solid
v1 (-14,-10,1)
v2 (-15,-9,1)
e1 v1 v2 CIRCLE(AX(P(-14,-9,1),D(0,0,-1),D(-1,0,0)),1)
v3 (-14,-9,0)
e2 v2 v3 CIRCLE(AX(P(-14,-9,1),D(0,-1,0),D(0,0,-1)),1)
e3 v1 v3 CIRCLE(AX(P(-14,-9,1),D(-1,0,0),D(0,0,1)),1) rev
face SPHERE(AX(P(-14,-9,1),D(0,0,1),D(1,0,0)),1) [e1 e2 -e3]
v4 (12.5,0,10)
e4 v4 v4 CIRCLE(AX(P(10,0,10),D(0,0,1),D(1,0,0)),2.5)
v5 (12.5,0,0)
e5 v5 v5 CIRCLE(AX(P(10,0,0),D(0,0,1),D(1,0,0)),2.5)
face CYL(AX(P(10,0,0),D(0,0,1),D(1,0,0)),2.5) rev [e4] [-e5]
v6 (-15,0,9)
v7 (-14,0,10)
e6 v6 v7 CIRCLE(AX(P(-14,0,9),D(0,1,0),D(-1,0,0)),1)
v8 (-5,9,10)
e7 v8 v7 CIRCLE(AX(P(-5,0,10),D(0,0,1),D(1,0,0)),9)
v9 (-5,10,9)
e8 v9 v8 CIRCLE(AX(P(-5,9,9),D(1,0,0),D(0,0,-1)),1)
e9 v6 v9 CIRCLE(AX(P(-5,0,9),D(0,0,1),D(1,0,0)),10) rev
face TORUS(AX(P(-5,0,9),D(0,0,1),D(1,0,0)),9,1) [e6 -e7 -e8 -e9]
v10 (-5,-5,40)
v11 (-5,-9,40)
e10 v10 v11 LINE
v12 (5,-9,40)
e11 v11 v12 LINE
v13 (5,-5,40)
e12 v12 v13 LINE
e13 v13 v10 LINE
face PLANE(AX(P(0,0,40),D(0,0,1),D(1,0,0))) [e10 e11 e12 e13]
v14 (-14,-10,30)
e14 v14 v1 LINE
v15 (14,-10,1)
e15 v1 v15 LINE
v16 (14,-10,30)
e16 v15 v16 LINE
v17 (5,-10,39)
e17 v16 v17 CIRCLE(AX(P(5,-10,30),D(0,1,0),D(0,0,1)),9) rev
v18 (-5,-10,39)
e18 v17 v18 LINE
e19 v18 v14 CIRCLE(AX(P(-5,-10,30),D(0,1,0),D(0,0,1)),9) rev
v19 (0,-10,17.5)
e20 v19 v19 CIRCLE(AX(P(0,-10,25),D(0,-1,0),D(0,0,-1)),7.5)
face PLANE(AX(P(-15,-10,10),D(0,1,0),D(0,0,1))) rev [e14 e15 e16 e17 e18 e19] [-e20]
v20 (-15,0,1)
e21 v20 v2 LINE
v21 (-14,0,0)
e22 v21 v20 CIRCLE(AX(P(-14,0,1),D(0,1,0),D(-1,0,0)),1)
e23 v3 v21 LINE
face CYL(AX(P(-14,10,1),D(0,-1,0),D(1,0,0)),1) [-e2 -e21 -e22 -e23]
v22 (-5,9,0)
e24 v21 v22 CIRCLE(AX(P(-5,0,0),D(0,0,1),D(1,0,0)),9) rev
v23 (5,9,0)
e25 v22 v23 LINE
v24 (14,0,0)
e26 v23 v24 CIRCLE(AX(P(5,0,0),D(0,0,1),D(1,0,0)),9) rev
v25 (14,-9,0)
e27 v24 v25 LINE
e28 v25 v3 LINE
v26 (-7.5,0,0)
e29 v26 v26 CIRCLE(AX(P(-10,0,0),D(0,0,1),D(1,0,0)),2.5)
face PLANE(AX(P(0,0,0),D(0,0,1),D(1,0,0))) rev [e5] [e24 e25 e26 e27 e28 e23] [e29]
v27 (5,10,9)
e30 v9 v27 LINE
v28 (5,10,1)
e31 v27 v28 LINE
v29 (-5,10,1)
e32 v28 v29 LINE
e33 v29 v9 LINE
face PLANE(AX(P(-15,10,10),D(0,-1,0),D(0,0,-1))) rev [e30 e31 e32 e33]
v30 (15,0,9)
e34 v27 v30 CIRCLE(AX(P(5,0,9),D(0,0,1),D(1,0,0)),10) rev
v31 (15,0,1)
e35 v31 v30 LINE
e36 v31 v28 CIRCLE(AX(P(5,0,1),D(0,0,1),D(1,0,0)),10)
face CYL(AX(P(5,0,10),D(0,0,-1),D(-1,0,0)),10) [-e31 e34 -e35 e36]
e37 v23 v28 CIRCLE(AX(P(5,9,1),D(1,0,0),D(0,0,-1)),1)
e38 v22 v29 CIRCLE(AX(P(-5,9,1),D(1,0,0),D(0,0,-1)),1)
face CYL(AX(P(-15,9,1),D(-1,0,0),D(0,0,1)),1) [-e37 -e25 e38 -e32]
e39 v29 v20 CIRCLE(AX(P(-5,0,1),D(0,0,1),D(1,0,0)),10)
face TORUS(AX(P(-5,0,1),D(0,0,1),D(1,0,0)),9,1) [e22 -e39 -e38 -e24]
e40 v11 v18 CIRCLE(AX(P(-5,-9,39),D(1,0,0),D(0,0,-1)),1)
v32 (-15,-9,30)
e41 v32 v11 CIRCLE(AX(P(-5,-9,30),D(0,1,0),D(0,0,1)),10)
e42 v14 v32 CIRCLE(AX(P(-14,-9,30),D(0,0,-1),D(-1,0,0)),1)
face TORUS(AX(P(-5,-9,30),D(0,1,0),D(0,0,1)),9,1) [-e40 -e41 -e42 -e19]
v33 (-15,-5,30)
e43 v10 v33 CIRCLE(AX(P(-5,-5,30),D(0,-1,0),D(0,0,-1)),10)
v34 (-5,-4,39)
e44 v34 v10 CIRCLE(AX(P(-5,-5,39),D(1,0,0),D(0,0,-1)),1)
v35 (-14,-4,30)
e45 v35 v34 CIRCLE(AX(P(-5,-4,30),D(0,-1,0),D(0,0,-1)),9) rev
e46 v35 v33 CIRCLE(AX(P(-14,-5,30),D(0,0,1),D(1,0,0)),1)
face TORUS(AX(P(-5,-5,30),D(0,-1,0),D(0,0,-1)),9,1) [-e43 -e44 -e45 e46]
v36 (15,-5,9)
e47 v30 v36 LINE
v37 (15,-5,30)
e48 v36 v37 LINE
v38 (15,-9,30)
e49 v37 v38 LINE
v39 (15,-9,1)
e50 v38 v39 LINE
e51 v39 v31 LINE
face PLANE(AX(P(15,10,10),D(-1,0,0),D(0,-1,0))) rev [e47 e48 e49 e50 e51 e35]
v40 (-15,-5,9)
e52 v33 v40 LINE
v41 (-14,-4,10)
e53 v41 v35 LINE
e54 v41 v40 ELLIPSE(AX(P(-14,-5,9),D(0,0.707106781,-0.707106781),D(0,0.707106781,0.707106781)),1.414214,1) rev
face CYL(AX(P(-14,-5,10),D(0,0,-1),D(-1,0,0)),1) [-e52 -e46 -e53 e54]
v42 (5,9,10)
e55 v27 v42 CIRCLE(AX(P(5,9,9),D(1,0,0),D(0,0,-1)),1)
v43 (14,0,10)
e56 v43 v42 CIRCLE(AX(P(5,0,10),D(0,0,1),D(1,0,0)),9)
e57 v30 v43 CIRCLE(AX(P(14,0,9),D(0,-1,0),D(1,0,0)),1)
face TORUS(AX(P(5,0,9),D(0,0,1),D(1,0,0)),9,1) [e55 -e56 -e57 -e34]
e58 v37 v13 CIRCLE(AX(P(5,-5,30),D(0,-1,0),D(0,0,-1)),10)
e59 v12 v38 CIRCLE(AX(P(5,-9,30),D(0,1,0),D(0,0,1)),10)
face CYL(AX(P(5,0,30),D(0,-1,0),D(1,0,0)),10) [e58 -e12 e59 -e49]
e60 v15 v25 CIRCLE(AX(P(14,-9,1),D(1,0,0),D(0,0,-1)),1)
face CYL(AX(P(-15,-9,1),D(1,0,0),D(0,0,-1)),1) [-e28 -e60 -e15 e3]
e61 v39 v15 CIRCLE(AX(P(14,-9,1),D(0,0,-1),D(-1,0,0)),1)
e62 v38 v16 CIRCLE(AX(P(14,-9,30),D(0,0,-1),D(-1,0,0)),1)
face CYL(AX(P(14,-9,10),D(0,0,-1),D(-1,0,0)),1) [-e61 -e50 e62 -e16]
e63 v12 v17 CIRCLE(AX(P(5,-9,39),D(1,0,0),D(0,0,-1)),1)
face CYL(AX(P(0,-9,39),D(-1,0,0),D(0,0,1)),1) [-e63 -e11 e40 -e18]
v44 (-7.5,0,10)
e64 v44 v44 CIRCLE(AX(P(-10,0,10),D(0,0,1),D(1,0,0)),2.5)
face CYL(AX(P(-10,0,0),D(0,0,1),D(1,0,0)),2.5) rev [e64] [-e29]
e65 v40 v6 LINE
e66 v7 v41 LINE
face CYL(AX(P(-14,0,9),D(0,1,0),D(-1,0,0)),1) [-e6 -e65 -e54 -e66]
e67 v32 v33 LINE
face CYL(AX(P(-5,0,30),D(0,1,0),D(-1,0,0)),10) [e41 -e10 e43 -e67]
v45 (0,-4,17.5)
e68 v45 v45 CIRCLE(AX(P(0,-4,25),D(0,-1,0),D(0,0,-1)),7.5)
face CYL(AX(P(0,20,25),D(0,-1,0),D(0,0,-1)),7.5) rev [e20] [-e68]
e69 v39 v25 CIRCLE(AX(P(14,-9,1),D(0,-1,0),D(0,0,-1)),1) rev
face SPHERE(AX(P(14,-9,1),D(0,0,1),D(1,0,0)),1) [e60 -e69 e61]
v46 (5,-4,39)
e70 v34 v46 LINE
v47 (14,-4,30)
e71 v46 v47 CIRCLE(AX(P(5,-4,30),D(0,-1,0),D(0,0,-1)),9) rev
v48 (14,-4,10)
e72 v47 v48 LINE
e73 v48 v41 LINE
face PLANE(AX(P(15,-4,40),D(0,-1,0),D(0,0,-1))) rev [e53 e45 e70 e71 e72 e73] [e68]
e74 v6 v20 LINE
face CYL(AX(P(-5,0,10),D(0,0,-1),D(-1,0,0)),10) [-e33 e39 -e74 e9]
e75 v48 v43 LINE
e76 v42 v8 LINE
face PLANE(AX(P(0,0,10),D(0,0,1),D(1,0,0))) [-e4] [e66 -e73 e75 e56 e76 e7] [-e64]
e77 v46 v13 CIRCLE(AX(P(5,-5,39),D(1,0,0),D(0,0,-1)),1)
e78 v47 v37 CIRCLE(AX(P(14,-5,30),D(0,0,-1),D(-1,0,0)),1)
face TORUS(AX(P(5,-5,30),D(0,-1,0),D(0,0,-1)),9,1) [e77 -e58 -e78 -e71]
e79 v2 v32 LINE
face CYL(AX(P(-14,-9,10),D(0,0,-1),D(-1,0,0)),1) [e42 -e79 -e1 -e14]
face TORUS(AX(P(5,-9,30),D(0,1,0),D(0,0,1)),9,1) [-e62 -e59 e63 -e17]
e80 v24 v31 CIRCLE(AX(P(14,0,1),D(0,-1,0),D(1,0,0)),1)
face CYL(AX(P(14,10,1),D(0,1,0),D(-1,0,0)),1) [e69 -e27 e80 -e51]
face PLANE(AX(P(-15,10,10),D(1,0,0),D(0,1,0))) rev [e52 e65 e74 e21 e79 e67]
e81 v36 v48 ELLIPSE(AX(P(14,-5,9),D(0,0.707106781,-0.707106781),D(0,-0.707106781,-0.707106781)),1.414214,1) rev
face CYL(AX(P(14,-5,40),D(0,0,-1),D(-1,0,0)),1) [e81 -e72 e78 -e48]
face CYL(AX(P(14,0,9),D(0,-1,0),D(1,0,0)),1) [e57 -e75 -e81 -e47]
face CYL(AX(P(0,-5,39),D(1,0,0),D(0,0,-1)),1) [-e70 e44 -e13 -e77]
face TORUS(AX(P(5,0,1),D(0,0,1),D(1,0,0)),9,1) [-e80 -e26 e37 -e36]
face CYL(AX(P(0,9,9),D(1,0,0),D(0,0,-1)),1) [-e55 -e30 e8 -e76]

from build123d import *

# Parameters (mm, degrees)
SKETCH_1_W          = 30
SKETCH_1_H          = 20
EXTRUDE_1_DEPTH     = 10
SKETCH_2_R          = 2.5
CUT_EXTRUDE_1_DEPTH = 21.615528128
SKETCH_3_W          = 30
SKETCH_3_H          = 6
EXTRUDE_2_DEPTH     = 30
SKETCH_4_R          = 7.5
CUT_EXTRUDE_2_DEPTH = 30
FILLET_1_R          = 10
FILLET_2_R          = 10
FILLET_3_R          = 1
FILLET_4_R          = 1


with BuildPart() as part:
    # 草图1 → 凸台-拉伸1 (new body)
    with BuildSketch(Plane.XY):
        Rectangle(SKETCH_1_W, SKETCH_1_H)
    extrude(amount=EXTRUDE_1_DEPTH)

    # 草图2 → 切除-拉伸1 (cut, through all)
    with BuildSketch(Plane.XY.offset(10)):
        with Locations((-10, 0)):
            Circle(SKETCH_2_R)
        with Locations((10, 0)):
            Circle(SKETCH_2_R)
    extrude(amount=-CUT_EXTRUDE_1_DEPTH, mode=Mode.SUBTRACT)

    # 草图3 → 凸台-拉伸2 (add)
    with BuildSketch(Plane.XY.offset(10)):
        with Locations((0, -7)):
            Rectangle(SKETCH_3_W, SKETCH_3_H)
    extrude(amount=EXTRUDE_2_DEPTH)

    # 草图4 → 切除-拉伸2 (cut)
    with BuildSketch(Plane.XZ.offset(10)):
        with Locations(Location((0, 25, 0), (0, 0, 270))):
            Circle(SKETCH_4_R)
    extrude(amount=-CUT_EXTRUDE_2_DEPTH, mode=Mode.SUBTRACT)

    # 圆角1
    fillet_1_edges = [part.edges().sort_by_distance(p)[0] for p in [
        (-15, -7, 40),
        (15, -7, 40),
    ]]
    fillet(fillet_1_edges, radius=FILLET_1_R)

    # 圆角2
    fillet_2_edges = [part.edges().sort_by_distance(p)[0] for p in [
        (-15, 10, 5),
        (15, 10, 5),
    ]]
    fillet(fillet_2_edges, radius=FILLET_2_R)

    # 圆角3
    fillet_3_edges = [part.edges().sort_by_distance(p)[0] for p in [
        (0, -10, 40),
        (0, -10, 0),
        (15, -10, 15),
        (-15, -10, 15),
        (12.071067812, -10, 37.071067812),
        (-12.071067812, -10, 37.071067812),
        (15, -5, 0),
        (0, 10, 0),
        (-15, -5, 0),
        (-12.071067812, 7.071067812, 0),
        (12.071067812, 7.071067812, 0),
    ]]
    fillet(fillet_3_edges, radius=FILLET_3_R)

    # 圆角4
    fillet_4_edges = [part.edges().sort_by_distance(p)[0] for p in [
        (15, -2, 10),
        (0, -4, 40),
        (-15, -4, 20),
        (15, -4, 20),
        (12.071067812, -4, 37.071067812),
        (-12.071067812, -4, 37.071067812),
        (0, 10, 10),
        (-15, -2, 10),
        (-12.071067812, 7.071067812, 10),
        (12.071067812, 7.071067812, 10),
    ]]
    fillet(fillet_4_edges, radius=FILLET_4_R)


solid = part.part
